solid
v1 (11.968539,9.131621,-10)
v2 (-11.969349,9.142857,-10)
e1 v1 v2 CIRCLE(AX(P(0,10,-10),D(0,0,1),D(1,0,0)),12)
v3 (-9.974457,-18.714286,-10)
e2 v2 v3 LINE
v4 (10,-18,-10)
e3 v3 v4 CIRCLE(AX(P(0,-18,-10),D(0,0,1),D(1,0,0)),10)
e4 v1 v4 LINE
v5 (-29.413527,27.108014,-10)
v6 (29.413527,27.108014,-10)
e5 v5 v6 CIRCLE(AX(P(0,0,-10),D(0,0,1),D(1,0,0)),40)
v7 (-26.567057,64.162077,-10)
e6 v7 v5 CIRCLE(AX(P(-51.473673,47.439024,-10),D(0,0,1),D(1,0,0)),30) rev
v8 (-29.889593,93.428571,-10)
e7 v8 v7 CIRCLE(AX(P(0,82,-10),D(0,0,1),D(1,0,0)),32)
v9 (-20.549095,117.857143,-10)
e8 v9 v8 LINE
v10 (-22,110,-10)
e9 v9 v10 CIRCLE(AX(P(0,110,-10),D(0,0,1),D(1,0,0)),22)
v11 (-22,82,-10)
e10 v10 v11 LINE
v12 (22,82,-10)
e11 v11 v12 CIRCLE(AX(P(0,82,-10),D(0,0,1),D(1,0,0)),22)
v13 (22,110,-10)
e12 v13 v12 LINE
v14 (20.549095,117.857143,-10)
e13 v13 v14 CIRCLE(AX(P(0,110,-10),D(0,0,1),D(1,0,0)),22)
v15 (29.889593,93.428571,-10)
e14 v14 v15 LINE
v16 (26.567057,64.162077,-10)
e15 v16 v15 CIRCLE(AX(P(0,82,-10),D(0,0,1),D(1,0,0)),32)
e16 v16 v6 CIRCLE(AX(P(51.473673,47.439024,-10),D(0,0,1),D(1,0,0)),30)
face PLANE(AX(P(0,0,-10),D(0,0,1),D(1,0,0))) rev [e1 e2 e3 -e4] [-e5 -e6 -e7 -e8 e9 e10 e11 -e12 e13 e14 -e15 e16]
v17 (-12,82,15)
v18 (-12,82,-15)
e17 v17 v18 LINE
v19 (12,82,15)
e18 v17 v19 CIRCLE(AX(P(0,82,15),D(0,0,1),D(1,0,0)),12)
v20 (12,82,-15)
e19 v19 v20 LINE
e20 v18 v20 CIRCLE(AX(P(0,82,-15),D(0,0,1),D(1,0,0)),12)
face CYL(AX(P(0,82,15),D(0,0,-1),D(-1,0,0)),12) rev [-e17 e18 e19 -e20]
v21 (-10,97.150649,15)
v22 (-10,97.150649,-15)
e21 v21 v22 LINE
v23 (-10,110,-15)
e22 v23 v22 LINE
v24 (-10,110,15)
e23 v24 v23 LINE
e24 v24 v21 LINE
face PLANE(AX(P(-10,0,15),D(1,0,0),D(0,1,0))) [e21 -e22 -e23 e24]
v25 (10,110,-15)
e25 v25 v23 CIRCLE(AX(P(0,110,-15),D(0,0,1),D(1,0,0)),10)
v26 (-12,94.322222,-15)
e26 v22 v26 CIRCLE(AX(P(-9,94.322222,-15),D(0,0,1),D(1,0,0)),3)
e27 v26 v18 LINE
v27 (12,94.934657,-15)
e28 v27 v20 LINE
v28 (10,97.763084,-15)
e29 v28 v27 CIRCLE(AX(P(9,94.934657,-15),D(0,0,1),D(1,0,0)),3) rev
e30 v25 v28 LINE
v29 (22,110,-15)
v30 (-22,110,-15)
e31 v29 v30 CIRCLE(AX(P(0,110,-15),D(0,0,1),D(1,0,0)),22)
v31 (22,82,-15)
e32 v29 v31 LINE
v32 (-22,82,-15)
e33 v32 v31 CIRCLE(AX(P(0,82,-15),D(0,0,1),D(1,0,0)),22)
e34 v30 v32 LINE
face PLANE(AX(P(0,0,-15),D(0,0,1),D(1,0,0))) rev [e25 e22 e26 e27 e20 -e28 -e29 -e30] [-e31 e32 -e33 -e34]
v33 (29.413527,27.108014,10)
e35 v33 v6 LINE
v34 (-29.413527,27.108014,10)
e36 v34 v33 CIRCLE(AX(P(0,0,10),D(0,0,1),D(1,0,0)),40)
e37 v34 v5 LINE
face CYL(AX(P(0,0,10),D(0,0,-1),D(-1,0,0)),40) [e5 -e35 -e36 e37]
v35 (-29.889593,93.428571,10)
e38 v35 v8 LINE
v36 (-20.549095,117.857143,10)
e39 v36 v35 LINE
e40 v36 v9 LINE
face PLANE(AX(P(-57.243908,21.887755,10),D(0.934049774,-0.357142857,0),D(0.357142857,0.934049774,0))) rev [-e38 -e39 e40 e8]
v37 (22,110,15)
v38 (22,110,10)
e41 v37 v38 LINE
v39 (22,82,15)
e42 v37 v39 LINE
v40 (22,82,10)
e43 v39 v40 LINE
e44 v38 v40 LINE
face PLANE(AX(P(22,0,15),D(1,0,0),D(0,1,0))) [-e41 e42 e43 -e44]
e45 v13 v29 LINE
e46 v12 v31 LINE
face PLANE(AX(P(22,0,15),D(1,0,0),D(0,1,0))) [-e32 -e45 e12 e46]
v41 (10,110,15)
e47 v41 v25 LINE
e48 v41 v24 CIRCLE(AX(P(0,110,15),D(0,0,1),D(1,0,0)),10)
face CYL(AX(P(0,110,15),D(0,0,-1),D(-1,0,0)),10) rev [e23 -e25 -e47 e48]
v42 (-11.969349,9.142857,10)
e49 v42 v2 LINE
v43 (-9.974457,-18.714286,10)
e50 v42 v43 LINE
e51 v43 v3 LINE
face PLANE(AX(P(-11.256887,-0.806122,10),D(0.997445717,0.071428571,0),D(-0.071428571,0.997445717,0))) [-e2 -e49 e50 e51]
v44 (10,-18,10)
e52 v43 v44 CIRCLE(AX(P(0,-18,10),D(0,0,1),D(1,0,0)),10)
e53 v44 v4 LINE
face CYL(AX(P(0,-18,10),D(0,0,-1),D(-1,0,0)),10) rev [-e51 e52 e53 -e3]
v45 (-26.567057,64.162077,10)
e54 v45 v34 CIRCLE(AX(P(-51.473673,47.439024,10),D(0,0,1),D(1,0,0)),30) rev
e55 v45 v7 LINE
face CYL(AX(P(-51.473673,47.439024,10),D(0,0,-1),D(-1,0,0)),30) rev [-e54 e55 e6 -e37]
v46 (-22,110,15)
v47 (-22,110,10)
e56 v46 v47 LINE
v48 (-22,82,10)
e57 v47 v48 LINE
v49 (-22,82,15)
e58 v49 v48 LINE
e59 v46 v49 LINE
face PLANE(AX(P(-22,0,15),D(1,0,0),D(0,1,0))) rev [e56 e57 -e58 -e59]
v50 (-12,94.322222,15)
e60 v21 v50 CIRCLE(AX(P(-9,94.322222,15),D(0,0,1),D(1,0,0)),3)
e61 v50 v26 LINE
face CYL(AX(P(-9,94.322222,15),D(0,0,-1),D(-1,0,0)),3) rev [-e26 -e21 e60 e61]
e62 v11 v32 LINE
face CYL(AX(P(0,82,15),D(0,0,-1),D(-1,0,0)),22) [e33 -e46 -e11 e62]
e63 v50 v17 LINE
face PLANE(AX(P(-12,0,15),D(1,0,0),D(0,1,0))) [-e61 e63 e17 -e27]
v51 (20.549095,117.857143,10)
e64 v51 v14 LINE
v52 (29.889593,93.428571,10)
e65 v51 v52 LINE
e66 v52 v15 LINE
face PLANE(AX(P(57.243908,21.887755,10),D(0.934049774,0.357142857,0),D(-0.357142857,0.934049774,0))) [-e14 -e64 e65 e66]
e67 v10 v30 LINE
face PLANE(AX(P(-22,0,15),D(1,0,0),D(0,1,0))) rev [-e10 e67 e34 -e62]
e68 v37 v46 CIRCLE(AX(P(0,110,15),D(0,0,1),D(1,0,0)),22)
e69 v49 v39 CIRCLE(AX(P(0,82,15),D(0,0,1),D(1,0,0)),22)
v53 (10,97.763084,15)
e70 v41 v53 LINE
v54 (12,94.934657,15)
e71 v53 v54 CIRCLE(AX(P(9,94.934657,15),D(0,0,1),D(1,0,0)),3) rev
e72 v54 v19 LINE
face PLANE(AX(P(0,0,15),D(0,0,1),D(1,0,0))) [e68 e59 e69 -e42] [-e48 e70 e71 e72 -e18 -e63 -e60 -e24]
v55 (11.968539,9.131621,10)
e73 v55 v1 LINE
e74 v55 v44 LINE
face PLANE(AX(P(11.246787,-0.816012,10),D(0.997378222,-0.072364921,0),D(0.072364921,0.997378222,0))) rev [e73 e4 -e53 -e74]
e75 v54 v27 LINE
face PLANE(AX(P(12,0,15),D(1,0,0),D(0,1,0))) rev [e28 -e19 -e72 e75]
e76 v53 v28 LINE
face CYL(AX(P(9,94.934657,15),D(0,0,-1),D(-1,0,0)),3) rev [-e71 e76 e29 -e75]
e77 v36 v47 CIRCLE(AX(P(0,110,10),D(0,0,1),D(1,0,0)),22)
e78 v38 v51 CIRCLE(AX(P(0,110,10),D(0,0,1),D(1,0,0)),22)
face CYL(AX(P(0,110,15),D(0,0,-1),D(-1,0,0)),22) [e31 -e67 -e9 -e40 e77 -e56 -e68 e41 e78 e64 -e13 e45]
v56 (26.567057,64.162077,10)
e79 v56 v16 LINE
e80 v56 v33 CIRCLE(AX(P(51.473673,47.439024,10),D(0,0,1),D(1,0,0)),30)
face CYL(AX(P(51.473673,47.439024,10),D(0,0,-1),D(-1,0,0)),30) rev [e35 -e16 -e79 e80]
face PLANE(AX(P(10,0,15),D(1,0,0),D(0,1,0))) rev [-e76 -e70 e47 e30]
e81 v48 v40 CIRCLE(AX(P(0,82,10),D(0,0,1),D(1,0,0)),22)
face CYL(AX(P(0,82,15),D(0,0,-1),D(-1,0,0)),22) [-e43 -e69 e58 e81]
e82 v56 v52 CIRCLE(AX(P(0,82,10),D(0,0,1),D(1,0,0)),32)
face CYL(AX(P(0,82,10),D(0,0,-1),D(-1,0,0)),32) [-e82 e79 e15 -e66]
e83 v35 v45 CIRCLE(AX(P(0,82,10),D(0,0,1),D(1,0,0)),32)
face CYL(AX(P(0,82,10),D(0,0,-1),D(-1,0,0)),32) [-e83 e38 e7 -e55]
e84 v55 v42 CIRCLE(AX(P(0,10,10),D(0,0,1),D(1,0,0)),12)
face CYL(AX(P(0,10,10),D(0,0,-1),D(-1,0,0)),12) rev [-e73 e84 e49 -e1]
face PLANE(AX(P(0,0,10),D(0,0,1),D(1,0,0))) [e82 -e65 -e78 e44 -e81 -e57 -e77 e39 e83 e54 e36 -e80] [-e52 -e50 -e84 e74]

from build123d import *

# Parameters (mm, degrees)
BOSS_EXTRUDE1_DEPTH = 15
BOSS_EXTRUDE3_DEPTH = 10


with BuildPart() as part:
    # Sketch1 → Boss-Extrude1 (new, symmetric)
    with BuildSketch(Plane.XY):
        with BuildLine():
            Line((22, 82), (22, 110))
            ThreePointArc((22, 110), (21.634233178, 113.994991212), (20.54909502, 117.857142857))
            ThreePointArc((20.54909502, 117.857142857), (0, 132), (-20.54909502, 117.857142857))
            ThreePointArc((-20.54909502, 117.857142857), (-21.634233178, 113.994991212), (-22, 110))
            Line((-22, 110), (-22, 82))
            ThreePointArc((-22, 82), (0, 60), (22, 82))
        make_face()
        with BuildLine():
            ThreePointArc((-10, 110), (0, 120), (10, 110))
            Line((10, 110), (10, 97.763084363))
            ThreePointArc((10, 97.763084363), (11.449489743, 96.666708046), (12, 94.934657238))
            Line((12, 94.934657238), (12, 82))
            ThreePointArc((12, 82), (0, 70), (-12, 82))
            Line((-12, 82), (-12, 94.322221654))
            ThreePointArc((-12, 94.322221654), (-11.449489743, 96.054272461), (-10, 97.150648779))
            Line((-10, 97.150648779), (-10, 110))
        make_face(mode=Mode.SUBTRACT)
    extrude(amount=BOSS_EXTRUDE1_DEPTH, both=True)

    # Sketch1<4> → Boss-Extrude3 (add, symmetric)
    with BuildSketch(Plane.XY):
        with BuildLine():
            ThreePointArc((20.54909502, 117.857142857), (21.634233178, 113.994991212), (22, 110))
            Line((22, 110), (22, 82))
            ThreePointArc((22, 82), (0, 60), (-22, 82))
            Line((-22, 82), (-22, 110))
            ThreePointArc((-22, 110), (-21.634233178, 113.994991212), (-20.54909502, 117.857142857))
            Line((-20.54909502, 117.857142857), (-29.889592756, 93.428571429))
            ThreePointArc((-29.889592756, 93.428571429), (-31.795758241, 78.390324411), (-26.567056796, 64.162077105))
            ThreePointArc((-26.567056796, 64.162077105), (-21.561800954, 45.141212789), (-29.413527167, 27.108013937))
            ThreePointArc((-29.413527167, 27.108013937), (0, -40), (29.413527167, 27.108013937))
            ThreePointArc((29.413527167, 27.108013937), (21.561800954, 45.141212789), (26.567056796, 64.162077105))
            ThreePointArc((26.567056796, 64.162077105), (31.795758241, 78.390324411), (29.889592756, 93.428571429))
            Line((29.889592756, 93.428571429), (20.54909502, 117.857142857))
        make_face()
        with BuildLine():
            Line((11.968538667, 9.131620953), (10, -18))
            ThreePointArc((10, -18), (0.357371137, -27.993612253), (-9.974457174, -18.714285714))
            Line((-9.974457174, -18.714285714), (-11.969348609, 9.142857143))
            ThreePointArc((-11.969348609, 9.142857143), (0.005632672, 21.999998678), (11.968538667, 9.131620953))
        make_face(mode=Mode.SUBTRACT)
    extrude(amount=BOSS_EXTRUDE3_DEPTH, both=True)


solid = part.part
